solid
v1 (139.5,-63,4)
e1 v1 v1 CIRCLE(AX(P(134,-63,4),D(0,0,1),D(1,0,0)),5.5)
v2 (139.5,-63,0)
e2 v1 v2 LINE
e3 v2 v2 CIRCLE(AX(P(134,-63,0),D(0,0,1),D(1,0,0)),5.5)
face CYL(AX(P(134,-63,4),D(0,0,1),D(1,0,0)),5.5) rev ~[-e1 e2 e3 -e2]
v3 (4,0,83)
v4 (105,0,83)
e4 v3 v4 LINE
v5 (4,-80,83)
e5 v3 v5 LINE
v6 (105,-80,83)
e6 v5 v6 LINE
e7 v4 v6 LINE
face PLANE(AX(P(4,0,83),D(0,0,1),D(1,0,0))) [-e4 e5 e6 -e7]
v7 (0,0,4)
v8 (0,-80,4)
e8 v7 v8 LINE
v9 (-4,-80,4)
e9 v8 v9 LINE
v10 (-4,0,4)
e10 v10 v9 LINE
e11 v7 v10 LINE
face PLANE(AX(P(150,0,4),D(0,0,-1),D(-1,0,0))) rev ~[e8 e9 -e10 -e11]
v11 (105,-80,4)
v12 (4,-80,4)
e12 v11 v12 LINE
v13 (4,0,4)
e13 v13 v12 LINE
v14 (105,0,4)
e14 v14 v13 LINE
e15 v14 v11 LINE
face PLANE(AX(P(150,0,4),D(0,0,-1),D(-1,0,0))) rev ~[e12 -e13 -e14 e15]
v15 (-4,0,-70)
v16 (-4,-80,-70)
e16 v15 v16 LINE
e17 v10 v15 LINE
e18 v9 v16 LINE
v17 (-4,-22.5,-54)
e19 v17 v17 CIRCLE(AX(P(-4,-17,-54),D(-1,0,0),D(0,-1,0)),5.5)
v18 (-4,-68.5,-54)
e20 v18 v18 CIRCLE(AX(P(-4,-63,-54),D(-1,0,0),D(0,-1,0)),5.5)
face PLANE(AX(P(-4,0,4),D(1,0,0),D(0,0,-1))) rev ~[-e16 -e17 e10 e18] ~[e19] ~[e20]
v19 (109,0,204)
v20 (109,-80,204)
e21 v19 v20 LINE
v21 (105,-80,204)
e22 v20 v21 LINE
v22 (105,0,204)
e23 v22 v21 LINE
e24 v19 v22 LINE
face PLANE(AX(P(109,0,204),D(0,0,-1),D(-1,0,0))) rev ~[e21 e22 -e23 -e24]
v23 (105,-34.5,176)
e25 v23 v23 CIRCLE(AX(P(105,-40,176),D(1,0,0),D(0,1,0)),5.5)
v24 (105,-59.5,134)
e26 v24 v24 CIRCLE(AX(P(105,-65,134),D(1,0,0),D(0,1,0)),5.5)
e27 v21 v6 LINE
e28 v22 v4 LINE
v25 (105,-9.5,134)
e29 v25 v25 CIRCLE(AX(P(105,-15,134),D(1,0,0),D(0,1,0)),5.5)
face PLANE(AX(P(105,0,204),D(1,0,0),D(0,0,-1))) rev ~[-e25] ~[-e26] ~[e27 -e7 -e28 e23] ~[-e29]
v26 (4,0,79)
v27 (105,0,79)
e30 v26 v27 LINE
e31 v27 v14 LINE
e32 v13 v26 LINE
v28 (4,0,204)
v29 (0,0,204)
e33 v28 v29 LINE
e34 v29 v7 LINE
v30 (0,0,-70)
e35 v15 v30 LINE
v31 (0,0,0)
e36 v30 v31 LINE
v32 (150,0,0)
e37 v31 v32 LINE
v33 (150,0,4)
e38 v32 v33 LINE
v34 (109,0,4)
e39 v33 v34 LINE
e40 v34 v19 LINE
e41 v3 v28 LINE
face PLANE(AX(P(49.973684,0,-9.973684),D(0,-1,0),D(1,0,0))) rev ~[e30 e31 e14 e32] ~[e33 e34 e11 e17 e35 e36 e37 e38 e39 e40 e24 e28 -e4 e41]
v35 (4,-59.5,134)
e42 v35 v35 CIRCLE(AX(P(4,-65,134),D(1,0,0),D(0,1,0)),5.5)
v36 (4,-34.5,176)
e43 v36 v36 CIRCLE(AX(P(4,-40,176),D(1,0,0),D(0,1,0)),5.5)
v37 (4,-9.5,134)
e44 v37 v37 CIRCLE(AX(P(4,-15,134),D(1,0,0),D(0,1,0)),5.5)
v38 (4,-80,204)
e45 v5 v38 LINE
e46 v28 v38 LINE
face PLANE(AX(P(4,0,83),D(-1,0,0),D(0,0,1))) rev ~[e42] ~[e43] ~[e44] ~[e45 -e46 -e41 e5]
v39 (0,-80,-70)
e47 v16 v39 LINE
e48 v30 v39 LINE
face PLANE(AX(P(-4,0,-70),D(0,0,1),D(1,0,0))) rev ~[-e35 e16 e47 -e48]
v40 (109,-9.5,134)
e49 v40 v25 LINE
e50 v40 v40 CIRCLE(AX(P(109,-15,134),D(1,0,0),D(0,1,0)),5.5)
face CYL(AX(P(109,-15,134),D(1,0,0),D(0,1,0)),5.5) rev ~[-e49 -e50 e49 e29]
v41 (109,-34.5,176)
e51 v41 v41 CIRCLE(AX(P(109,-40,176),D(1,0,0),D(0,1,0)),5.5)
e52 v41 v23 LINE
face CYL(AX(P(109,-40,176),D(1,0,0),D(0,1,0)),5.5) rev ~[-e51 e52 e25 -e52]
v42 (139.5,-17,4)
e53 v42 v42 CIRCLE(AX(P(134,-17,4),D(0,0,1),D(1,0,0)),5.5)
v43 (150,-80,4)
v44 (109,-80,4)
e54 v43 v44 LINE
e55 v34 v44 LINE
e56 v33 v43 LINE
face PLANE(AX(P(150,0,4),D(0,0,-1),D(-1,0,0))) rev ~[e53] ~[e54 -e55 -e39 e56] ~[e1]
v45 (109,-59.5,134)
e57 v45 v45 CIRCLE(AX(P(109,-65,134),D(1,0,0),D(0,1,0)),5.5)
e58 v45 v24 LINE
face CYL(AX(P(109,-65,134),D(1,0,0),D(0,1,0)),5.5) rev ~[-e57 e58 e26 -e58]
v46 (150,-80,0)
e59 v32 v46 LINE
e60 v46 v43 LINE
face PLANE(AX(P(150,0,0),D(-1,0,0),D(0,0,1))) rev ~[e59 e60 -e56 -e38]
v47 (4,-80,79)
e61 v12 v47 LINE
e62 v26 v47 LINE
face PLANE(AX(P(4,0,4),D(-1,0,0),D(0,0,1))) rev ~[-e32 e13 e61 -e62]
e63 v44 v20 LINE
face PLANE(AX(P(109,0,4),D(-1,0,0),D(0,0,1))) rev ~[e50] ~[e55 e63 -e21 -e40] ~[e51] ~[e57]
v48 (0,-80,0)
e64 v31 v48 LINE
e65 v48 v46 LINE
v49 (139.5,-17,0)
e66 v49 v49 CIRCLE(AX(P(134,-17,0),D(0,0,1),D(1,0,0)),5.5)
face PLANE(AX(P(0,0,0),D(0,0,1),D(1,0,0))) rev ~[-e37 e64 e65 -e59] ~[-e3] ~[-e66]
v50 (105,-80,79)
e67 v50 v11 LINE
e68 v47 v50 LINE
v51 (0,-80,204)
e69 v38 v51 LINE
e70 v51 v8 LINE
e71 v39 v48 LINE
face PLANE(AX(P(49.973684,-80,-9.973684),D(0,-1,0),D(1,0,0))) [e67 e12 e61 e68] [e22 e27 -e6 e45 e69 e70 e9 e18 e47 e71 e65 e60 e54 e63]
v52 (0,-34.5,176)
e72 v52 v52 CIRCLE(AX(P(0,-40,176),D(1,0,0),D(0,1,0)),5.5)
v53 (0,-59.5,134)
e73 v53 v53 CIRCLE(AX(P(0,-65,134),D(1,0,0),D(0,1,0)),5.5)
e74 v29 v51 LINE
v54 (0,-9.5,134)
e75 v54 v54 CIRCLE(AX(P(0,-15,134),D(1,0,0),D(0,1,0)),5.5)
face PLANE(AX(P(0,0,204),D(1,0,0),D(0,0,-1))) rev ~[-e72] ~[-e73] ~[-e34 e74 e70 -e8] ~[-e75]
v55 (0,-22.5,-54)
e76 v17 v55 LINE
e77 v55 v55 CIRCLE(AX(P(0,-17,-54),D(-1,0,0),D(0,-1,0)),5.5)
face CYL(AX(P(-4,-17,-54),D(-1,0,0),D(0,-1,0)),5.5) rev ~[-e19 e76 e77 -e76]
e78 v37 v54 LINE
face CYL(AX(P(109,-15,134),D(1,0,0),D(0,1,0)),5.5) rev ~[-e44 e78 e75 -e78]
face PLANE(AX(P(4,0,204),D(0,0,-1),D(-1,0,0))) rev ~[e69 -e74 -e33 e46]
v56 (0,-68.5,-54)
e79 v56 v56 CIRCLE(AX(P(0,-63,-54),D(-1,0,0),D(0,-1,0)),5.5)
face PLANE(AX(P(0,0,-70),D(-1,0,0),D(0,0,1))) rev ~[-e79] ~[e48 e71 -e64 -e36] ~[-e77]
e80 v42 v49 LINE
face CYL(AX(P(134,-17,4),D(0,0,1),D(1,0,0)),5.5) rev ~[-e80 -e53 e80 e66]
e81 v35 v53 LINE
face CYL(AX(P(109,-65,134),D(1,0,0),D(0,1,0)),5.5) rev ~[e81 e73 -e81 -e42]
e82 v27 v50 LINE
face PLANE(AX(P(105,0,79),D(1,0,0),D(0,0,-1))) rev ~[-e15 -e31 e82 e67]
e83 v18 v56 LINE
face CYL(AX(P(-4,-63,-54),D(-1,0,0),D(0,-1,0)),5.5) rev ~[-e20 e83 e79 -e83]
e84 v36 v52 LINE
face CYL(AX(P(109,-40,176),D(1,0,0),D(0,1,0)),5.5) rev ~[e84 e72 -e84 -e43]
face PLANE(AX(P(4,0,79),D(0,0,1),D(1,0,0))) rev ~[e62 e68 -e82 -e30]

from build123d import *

# Parameters (mm, degrees)
F1_W     = 101
F1_H     = 4
F2_DEPTH = 80
F3_R     = 5.5
F5_DEPTH = 25
F4_R     = 5.5
F6_DEPTH = 25
F7_R     = 5.5
F8_DEPTH = 113.001


with BuildPart() as f2:
    # F0 (on Front) + F1 (on face) → F2 (new body)
    with BuildSketch(Plane.XZ):
        Polygon((0, -70), (0, 0), (150, 0), (150, 4), (-4, 4), (-4, -70), align=None)
    with BuildSketch(Plane.XZ):
        Polygon((0, 4), (4, 4), (4, 79), (4, 83), (4, 204), (0, 204), align=None)
        with Locations((54.5, 81)):
            Rectangle(F1_W, F1_H)
        Polygon((105, 79), (105, 4), (109, 4), (109, 204), (105, 204), (105, 83), align=None)
    extrude(amount=F2_DEPTH)

    # F3 (on face) → F5 (cut)
    with BuildSketch(Plane.XY.offset(4)):
        with Locations((134, -17)):
            Circle(F3_R)
        with Locations((134, -63)):
            Circle(F3_R)
    extrude(amount=-F5_DEPTH, mode=Mode.SUBTRACT)

    # F4 (on face) → F6 (cut)
    with BuildSketch(Plane(origin=(-4, 0, 0), x_dir=(0, -1, 0), z_dir=(-1, 0, 0))):
        with Locations((17, -54)):
            Circle(F4_R)
        with Locations((63, -54)):
            Circle(F4_R)
    extrude(amount=-F6_DEPTH, mode=Mode.SUBTRACT)

    # F7 (on face) → F8 (cut, through all)
    with BuildSketch(Plane.YZ.offset(109)):
        with Locations((-40, 176)):
            Circle(F7_R)
        with Locations((-15, 134)):
            Circle(F7_R)
        with Locations((-65, 134)):
            Circle(F7_R)
    extrude(amount=-F8_DEPTH, mode=Mode.SUBTRACT)


solid = f2.part
